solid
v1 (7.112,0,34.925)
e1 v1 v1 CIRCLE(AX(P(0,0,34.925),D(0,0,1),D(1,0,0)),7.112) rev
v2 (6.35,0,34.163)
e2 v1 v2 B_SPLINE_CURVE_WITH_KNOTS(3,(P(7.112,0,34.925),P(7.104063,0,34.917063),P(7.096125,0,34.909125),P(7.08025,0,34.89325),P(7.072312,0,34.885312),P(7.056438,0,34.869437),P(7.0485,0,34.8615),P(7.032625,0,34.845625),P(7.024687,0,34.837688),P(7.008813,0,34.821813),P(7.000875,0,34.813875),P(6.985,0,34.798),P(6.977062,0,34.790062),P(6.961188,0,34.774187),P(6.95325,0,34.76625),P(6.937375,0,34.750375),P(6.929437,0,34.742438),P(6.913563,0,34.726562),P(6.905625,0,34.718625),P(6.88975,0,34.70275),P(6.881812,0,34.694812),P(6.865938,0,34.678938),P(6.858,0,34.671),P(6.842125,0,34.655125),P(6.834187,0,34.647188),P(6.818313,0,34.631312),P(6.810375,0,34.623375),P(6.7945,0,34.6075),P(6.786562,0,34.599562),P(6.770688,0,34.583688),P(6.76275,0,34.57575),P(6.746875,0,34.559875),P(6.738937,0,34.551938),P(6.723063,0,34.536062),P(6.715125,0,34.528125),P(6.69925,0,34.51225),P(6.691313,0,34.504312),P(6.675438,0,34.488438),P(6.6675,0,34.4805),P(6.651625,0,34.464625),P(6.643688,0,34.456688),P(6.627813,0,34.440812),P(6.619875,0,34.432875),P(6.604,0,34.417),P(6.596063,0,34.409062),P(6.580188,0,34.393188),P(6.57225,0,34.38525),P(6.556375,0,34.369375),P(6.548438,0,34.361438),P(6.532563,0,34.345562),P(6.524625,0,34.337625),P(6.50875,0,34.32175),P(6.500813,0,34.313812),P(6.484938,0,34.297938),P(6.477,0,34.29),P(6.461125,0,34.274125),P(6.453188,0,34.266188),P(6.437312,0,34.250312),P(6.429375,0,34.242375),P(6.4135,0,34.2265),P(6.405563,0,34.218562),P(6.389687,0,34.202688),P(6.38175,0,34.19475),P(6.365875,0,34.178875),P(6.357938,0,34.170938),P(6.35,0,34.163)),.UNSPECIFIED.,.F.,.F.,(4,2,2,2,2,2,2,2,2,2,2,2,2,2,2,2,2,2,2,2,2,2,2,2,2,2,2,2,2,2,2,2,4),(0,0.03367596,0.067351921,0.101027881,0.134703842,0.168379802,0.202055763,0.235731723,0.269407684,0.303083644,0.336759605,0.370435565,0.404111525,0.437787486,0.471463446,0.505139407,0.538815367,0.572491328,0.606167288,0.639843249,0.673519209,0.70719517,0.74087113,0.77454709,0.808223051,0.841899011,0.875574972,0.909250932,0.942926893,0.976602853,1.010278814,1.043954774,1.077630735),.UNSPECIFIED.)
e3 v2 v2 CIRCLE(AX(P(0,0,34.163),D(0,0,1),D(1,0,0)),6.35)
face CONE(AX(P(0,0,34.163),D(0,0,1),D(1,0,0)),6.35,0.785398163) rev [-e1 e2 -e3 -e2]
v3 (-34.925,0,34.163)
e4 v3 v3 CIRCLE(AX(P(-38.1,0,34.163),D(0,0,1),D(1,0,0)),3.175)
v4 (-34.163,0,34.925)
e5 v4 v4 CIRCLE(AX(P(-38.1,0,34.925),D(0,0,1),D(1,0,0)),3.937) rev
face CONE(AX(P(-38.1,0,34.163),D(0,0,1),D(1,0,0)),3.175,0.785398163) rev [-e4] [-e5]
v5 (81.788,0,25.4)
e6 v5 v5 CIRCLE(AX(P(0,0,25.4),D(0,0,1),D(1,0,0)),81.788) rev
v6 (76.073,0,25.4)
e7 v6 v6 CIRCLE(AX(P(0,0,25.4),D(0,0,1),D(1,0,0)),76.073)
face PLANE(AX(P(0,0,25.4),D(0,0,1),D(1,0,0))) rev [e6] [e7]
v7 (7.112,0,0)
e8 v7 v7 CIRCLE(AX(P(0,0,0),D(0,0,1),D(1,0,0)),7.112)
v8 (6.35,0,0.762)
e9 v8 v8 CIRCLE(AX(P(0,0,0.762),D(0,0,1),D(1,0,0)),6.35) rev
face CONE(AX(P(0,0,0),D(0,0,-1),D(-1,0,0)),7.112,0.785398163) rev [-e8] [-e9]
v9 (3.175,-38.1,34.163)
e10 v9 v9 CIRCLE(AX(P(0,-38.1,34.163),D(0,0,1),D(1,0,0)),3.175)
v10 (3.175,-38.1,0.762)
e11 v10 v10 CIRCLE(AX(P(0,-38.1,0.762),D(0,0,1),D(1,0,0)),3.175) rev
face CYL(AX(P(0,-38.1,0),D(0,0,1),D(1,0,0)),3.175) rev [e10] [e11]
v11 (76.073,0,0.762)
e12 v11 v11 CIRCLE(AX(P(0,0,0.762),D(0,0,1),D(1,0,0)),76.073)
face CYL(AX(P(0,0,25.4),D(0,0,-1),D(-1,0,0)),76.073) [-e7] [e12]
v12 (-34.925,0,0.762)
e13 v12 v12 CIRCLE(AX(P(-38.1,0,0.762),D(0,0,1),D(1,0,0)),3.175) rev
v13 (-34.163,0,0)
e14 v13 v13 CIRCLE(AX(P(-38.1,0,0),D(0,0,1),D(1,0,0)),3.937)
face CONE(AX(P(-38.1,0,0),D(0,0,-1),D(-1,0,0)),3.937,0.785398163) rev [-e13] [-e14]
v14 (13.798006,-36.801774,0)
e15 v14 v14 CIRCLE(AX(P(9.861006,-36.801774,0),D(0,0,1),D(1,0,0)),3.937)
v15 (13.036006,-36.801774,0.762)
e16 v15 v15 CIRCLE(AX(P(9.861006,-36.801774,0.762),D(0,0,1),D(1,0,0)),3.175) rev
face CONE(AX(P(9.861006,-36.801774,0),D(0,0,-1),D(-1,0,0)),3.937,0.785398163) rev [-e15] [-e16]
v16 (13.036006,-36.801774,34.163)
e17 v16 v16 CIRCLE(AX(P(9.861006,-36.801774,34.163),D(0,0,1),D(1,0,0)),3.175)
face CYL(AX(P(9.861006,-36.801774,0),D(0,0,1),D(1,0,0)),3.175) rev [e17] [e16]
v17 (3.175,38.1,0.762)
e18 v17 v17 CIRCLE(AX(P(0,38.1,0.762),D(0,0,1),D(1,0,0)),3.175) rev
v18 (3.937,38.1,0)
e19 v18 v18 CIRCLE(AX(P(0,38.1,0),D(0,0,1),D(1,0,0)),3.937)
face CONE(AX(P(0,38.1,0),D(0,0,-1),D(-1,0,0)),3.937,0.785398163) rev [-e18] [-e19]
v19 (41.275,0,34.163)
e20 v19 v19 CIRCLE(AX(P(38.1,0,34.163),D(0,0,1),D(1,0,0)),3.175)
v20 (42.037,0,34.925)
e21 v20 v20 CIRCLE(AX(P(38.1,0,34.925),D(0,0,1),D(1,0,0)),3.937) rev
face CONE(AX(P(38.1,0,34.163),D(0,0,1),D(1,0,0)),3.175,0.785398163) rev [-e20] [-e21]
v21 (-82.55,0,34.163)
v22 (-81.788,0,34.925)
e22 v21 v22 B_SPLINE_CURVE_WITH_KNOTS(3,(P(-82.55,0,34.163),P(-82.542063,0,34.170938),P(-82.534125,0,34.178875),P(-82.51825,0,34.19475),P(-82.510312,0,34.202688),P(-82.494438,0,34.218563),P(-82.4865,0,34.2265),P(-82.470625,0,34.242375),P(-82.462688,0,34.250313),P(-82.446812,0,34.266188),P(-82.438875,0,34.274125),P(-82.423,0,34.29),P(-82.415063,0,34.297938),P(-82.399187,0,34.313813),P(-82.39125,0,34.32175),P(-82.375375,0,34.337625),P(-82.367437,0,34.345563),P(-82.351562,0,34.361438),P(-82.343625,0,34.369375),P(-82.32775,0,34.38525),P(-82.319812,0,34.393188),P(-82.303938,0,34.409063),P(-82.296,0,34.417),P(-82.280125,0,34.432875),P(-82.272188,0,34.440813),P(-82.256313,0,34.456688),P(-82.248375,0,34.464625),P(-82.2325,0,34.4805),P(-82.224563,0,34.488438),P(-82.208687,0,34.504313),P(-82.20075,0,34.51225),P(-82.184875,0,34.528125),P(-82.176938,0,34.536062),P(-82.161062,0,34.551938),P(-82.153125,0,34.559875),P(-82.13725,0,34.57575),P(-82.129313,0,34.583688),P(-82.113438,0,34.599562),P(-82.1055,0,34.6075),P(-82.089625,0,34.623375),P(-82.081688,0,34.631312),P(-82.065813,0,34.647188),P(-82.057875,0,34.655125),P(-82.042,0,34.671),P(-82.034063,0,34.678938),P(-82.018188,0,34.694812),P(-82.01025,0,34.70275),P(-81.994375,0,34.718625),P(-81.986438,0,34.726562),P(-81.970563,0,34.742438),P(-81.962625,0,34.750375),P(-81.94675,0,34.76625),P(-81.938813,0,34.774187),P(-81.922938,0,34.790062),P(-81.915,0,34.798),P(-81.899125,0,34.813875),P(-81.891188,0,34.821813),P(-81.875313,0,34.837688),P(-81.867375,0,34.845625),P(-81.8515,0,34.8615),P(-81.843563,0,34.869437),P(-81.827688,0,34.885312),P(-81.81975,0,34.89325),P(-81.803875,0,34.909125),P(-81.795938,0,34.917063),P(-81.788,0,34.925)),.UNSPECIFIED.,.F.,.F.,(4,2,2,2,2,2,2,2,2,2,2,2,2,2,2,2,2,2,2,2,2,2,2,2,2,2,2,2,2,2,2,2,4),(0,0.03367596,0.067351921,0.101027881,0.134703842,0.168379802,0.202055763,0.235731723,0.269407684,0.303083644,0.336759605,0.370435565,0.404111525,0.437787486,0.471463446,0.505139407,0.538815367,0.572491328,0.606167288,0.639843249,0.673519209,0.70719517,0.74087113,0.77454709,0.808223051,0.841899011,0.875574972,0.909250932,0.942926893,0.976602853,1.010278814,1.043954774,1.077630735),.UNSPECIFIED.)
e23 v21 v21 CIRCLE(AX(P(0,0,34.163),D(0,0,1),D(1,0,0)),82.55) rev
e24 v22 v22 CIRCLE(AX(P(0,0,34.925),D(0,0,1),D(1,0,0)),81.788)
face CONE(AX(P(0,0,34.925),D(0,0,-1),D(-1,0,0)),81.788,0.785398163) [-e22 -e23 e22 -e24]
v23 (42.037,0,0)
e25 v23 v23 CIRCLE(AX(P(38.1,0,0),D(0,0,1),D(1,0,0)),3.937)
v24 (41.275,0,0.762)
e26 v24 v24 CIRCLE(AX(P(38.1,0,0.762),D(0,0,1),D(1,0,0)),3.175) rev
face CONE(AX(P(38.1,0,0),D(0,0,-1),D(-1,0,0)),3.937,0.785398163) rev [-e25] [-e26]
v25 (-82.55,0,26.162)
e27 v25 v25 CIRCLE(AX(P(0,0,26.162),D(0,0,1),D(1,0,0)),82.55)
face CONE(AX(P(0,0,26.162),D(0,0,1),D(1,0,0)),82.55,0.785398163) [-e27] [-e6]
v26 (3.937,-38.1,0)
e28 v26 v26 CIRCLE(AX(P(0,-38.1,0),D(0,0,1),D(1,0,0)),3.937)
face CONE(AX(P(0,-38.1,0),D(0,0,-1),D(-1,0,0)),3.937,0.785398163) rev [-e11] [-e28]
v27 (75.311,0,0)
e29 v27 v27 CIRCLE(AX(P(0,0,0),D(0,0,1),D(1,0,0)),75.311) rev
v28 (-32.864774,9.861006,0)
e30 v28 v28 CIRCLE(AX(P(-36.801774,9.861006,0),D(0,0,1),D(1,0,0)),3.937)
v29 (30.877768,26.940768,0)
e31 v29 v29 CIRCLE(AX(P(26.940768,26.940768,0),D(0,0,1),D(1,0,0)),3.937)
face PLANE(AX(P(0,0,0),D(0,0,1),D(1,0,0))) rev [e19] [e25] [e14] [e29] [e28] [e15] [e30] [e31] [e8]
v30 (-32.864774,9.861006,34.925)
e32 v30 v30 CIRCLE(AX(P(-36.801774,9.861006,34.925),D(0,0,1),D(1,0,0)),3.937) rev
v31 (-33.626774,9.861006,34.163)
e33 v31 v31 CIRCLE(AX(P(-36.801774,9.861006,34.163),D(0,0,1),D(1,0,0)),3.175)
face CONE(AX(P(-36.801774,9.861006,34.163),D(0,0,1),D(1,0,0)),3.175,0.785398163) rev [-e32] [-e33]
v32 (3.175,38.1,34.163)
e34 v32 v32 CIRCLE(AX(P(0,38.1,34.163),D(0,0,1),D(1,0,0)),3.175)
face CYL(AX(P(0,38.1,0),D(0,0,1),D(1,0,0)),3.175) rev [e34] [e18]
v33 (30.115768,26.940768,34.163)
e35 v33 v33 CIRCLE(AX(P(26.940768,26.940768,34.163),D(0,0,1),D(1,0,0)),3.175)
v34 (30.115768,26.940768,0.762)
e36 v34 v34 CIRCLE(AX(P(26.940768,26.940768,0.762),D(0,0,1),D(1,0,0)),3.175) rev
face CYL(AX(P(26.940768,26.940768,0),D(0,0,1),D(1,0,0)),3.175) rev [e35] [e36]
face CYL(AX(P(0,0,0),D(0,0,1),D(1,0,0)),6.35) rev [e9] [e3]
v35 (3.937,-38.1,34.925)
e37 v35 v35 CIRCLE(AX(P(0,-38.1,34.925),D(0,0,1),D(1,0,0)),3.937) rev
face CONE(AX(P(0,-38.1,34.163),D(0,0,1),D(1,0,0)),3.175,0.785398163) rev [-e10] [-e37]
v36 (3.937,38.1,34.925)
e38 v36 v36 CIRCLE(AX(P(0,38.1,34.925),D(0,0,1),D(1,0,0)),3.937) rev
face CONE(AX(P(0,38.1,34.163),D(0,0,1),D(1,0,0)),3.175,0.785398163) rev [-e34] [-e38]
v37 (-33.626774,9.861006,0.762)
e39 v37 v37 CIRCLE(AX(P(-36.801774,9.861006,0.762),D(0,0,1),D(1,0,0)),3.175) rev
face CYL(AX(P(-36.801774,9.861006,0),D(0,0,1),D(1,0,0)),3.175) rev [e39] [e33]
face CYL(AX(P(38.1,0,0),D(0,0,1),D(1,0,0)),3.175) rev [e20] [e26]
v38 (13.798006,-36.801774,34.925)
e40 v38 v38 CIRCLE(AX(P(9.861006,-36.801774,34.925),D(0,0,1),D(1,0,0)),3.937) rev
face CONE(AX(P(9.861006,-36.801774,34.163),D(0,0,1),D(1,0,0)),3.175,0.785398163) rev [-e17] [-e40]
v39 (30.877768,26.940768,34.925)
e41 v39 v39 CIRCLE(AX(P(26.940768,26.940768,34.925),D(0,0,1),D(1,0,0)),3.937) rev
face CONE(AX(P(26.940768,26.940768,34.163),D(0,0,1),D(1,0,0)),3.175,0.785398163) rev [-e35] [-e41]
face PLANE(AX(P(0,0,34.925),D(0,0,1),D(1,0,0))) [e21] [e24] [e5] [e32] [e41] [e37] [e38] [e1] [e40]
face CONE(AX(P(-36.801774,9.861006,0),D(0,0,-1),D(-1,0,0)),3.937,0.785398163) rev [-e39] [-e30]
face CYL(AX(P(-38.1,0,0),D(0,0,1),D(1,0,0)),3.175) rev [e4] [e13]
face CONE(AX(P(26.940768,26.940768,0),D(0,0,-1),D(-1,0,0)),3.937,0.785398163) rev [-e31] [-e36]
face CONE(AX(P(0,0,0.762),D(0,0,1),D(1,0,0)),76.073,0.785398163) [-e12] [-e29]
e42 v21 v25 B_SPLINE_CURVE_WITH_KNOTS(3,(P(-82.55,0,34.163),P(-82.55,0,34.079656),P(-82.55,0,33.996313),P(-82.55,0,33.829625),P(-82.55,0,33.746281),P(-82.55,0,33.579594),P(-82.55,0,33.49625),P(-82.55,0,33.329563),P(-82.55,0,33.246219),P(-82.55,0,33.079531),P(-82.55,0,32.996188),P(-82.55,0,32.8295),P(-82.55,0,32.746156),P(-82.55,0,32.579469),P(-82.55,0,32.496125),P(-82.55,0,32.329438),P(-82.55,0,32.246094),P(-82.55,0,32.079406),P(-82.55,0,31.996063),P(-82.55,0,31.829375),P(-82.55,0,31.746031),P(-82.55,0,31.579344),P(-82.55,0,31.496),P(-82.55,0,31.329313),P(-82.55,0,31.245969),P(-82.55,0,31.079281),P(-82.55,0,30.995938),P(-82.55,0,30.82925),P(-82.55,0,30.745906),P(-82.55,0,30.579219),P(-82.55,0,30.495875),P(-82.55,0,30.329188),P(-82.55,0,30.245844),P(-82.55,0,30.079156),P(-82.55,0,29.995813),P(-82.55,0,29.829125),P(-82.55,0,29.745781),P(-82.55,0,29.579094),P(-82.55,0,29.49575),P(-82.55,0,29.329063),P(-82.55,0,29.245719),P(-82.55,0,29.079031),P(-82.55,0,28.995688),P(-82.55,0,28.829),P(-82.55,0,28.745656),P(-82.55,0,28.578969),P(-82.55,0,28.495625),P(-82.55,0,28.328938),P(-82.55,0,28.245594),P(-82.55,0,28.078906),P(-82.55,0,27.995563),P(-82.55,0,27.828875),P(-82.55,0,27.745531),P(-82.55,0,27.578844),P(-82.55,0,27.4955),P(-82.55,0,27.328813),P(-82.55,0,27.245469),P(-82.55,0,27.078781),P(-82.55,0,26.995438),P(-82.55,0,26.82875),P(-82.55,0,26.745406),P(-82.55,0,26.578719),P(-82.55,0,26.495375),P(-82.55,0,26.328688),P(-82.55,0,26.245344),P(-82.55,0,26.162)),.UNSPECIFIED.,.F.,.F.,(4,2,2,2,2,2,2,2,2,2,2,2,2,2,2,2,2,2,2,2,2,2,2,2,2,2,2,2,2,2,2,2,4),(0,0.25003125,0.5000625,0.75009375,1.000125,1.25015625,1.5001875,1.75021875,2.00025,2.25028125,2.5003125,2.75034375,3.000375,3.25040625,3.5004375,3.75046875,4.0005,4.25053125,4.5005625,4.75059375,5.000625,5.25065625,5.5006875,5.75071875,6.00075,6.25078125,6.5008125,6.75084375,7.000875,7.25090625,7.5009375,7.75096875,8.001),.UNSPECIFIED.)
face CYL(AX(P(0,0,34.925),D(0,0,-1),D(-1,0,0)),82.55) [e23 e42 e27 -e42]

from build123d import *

# Parameters (mm, degrees)
SKETCH1_R           = 76.073
BOSS_EXTRUDE1_DEPTH = 25.4
SKETCH2_R           = 82.55
BOSS_EXTRUDE2_DEPTH = 9.525
SKETCH3_R           = 3.175
CUT_EXTRUDE1_DEPTH  = 122.855490746
SKETCH5_R           = 6.35
CUT_EXTRUDE2_DEPTH  = 122.855490746
CHAMFER1_SIZE       = 0.762


with BuildPart() as part:
    # Sketch1 → Boss-Extrude1 (new body)
    with BuildSketch(Plane.XY):
        Circle(SKETCH1_R)
    extrude(amount=BOSS_EXTRUDE1_DEPTH)

    # Sketch2 → Boss-Extrude2 (add)
    with BuildSketch(Plane.XY.offset(25.4)):
        with Locations(Location((0, 0, 0), (0, 0, 180))):
            Circle(SKETCH2_R)
    extrude(amount=BOSS_EXTRUDE2_DEPTH)

    # Sketch3 → Cut-Extrude1 (cut, through all)
    with BuildSketch(Plane.XY.offset(34.925)):
        with Locations((0, 38.1)):
            Circle(SKETCH3_R)
        with Locations((26.940768363, 26.940768363)):
            Circle(SKETCH3_R)
        with Locations((38.1, 0)):
            Circle(SKETCH3_R)
        with Locations((9.861005618, -36.801773982)):
            Circle(SKETCH3_R)
        with Locations((0, -38.1)):
            Circle(SKETCH3_R)
        with Locations((-38.1, 0)):
            Circle(SKETCH3_R)
        with Locations((-36.801773982, 9.861005618)):
            Circle(SKETCH3_R)
    extrude(amount=-CUT_EXTRUDE1_DEPTH, mode=Mode.SUBTRACT)

    # Sketch5 → Cut-Extrude2 (cut, through all)
    with BuildSketch(Plane.XY.offset(34.925)):
        Circle(SKETCH5_R)
    extrude(amount=-CUT_EXTRUDE2_DEPTH, mode=Mode.SUBTRACT)

    # Chamfer1
    chamfer1_edges = [part.edges().sort_by_distance(p)[0] for p in [
        (-76.073, 0, 0),
        (-39.976773982, 9.861005618, 0),
        (-39.976773982, 9.861005618, 34.925),
        (-41.275, 0, 0),
        (-41.275, 0, 34.925),
        (-3.175, -38.1, 0),
        (-3.175, -38.1, 34.925),
        (6.686005618, -36.801773982, 0),
        (6.686005618, -36.801773982, 34.925),
        (-3.175, 38.1, 0),
        (-3.175, 38.1, 34.925),
        (34.925, 0, 0),
        (34.925, 0, 34.925),
        (23.765768363, 26.940768363, 0),
        (23.765768363, 26.940768363, 34.925),
        (-6.35, 0, 0),
        (-6.35, 0, 34.925),
        (82.55, 0, 25.4),
        (82.55, 0, 34.925),
    ]]
    chamfer(chamfer1_edges, length=CHAMFER1_SIZE)


solid = part.part
